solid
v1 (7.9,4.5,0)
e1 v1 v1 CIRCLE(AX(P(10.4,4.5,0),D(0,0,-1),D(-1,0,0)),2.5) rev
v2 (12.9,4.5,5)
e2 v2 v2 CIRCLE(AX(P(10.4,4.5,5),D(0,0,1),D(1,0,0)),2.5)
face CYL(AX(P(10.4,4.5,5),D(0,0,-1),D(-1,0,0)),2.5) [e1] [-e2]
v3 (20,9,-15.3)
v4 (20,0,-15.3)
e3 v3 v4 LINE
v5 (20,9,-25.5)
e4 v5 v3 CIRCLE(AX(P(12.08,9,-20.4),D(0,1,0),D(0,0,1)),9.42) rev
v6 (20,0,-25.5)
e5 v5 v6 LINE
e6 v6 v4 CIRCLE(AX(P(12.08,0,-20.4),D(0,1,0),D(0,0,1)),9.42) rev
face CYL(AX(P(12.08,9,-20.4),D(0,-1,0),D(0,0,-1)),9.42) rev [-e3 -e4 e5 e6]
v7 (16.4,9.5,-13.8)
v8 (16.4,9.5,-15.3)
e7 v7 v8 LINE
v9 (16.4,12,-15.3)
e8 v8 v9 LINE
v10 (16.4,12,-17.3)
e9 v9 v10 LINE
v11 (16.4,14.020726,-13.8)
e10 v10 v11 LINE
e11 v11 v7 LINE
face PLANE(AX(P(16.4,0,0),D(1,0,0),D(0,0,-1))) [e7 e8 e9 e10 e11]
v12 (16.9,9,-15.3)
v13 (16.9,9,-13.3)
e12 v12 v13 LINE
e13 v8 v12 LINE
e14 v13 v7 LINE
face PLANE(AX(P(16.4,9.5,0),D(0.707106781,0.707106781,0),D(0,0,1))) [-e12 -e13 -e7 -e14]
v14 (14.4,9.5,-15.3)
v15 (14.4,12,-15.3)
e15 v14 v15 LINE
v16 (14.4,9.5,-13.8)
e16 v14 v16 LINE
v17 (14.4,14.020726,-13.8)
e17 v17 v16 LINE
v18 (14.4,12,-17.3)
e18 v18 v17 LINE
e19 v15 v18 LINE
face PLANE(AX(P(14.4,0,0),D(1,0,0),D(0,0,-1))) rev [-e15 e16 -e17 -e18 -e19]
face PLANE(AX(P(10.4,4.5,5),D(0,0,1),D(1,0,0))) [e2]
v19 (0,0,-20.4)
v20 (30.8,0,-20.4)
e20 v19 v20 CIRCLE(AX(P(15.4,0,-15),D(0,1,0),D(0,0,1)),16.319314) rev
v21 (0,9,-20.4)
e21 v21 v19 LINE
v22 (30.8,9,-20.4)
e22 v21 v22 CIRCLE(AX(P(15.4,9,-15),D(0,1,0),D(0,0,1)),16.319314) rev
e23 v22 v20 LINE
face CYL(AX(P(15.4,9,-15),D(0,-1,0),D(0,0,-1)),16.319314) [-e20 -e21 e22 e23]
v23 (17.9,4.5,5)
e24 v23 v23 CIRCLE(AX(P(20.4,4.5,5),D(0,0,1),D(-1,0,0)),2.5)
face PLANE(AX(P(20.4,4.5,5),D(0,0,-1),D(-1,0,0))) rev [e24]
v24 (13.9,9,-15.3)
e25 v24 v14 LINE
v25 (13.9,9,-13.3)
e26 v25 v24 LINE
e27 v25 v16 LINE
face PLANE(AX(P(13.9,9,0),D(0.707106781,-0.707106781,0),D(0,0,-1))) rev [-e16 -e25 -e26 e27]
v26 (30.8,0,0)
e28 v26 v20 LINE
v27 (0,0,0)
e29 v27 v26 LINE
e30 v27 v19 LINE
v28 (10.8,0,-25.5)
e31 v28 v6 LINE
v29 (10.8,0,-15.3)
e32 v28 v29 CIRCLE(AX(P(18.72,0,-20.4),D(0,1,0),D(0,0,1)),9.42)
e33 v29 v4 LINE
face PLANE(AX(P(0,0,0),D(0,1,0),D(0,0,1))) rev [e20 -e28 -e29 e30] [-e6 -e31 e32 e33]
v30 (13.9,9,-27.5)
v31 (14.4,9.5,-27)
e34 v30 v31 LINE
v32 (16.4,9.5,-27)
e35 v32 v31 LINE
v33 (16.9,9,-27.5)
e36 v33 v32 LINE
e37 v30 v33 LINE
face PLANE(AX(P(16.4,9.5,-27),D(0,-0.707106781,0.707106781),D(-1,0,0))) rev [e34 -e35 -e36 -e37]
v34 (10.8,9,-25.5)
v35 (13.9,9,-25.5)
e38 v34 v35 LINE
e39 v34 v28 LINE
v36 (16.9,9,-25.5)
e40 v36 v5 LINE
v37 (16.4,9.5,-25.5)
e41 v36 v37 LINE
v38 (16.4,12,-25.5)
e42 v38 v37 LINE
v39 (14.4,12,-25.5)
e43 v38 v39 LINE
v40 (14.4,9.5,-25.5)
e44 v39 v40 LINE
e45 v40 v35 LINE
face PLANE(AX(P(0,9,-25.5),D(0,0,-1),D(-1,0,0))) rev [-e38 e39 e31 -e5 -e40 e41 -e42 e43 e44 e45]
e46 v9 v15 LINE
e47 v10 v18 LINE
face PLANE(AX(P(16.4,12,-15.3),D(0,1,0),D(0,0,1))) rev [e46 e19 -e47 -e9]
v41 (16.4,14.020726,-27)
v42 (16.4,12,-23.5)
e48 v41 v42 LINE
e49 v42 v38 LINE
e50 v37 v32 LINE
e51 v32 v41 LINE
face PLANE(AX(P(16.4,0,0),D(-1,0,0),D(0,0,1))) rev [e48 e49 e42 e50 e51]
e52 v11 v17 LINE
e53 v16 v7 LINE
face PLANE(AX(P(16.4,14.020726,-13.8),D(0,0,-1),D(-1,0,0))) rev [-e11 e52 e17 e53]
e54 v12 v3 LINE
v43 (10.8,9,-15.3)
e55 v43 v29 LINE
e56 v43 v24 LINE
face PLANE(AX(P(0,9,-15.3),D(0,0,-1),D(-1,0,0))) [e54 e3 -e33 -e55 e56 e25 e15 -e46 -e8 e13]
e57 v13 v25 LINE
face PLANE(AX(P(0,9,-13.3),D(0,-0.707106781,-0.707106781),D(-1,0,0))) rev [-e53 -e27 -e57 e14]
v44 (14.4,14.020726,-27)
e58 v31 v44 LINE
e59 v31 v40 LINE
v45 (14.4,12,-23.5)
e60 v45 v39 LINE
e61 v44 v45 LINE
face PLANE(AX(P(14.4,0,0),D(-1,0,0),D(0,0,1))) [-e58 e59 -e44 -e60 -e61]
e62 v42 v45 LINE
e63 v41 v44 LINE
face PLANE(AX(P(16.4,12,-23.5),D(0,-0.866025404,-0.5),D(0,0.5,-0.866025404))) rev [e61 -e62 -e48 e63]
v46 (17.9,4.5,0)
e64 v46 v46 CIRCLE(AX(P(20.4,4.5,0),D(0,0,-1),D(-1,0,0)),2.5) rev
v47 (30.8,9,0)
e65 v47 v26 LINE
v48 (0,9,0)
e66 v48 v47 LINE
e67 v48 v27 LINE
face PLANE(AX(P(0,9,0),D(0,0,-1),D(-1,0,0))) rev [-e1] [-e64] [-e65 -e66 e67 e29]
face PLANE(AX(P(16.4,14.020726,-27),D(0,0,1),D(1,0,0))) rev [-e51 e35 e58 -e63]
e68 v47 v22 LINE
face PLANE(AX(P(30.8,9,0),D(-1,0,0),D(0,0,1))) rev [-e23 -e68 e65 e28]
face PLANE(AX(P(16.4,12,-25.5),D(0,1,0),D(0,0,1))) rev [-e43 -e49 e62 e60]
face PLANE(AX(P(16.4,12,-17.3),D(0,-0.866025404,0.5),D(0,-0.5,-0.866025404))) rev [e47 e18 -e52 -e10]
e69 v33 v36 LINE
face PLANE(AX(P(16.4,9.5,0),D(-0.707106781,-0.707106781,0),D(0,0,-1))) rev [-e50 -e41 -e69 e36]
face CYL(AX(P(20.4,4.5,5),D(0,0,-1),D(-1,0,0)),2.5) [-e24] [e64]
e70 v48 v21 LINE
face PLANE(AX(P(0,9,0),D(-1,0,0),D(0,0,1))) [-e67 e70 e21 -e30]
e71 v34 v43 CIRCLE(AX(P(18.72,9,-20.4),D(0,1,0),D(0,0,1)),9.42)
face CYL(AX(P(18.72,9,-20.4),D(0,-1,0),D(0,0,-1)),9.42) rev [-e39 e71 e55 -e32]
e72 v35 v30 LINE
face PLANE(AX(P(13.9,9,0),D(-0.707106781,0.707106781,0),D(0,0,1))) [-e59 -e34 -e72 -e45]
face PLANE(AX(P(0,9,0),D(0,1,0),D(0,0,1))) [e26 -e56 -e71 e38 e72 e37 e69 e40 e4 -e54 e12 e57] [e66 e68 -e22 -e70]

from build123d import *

# Parameters (mm, degrees)
BOSS_EXTRUDE1_DEPTH = 9
BOSS_EXTRUDE4_DEPTH = 1
SKETCH2_R           = 2.5
BOSS_EXTRUDE2_DEPTH = 5
CHAMFER2_SIZE       = 0.5


with BuildPart() as part:
    # Sketch1 → Boss-Extrude1 (new body)
    with BuildSketch(Plane(origin=(0, 0, 0), x_dir=(1, 0, 0), z_dir=(0, 1, 0))):
        with BuildLine():
            Line((0, 20.4), (0, 0))
            Line((0, 0), (30.8, 0))
            Line((30.8, 0), (30.8, 20.4))
            ThreePointArc((30.8, 20.4), (15.4, 31.319313711), (0, 20.4))
        make_face()
        with BuildLine():
            ThreePointArc((10.8, 15.3), (9.3, 20.4), (10.8, 25.5))
            Line((10.8, 25.5), (20, 25.5))
            ThreePointArc((20, 25.5), (21.5, 20.4), (20, 15.3))
            Line((20, 15.3), (10.8, 15.3))
        make_face(mode=Mode.SUBTRACT)
    extrude(amount=BOSS_EXTRUDE1_DEPTH)

    # Sketch6 → Boss-Extrude4 (add, symmetric)
    with BuildSketch(Plane(origin=(15.4, 0, 0), x_dir=(0, 0, -1), z_dir=(1, 0, 0))):
        Polygon((15.3, 9), (15.3, 12), (17.3, 12), (13.8, 14.020725942), (13.8, 9), align=None)
        Polygon((25.5, 9), (25.5, 12), (23.5, 12), (27, 14.020725942), (27, 9), align=None)
    extrude(amount=BOSS_EXTRUDE4_DEPTH, both=True)

    # Sketch2 → Boss-Extrude2 (add)
    with BuildSketch(Plane.XY):
        with Locations(Location((10.4, 4.5, 0), (0, 0, 180))):
            Circle(SKETCH2_R)
        with Locations(Location((20.4, 4.5, 0), (0, 0, 180))):
            Circle(SKETCH2_R)
    extrude(amount=BOSS_EXTRUDE2_DEPTH)

    # Chamfer2
    chamfer2_edges = [part.edges().sort_by_distance(p)[0] for p in [
        (14.4, 9, -14.55),
        (15.4, 9, -13.8),
        (16.4, 9, -14.55),
        (14.4, 9, -26.25),
        (15.4, 9, -27),
        (16.4, 9, -26.25),
    ]]
    chamfer(chamfer2_edges, length=CHAMFER2_SIZE)


solid = part.part
